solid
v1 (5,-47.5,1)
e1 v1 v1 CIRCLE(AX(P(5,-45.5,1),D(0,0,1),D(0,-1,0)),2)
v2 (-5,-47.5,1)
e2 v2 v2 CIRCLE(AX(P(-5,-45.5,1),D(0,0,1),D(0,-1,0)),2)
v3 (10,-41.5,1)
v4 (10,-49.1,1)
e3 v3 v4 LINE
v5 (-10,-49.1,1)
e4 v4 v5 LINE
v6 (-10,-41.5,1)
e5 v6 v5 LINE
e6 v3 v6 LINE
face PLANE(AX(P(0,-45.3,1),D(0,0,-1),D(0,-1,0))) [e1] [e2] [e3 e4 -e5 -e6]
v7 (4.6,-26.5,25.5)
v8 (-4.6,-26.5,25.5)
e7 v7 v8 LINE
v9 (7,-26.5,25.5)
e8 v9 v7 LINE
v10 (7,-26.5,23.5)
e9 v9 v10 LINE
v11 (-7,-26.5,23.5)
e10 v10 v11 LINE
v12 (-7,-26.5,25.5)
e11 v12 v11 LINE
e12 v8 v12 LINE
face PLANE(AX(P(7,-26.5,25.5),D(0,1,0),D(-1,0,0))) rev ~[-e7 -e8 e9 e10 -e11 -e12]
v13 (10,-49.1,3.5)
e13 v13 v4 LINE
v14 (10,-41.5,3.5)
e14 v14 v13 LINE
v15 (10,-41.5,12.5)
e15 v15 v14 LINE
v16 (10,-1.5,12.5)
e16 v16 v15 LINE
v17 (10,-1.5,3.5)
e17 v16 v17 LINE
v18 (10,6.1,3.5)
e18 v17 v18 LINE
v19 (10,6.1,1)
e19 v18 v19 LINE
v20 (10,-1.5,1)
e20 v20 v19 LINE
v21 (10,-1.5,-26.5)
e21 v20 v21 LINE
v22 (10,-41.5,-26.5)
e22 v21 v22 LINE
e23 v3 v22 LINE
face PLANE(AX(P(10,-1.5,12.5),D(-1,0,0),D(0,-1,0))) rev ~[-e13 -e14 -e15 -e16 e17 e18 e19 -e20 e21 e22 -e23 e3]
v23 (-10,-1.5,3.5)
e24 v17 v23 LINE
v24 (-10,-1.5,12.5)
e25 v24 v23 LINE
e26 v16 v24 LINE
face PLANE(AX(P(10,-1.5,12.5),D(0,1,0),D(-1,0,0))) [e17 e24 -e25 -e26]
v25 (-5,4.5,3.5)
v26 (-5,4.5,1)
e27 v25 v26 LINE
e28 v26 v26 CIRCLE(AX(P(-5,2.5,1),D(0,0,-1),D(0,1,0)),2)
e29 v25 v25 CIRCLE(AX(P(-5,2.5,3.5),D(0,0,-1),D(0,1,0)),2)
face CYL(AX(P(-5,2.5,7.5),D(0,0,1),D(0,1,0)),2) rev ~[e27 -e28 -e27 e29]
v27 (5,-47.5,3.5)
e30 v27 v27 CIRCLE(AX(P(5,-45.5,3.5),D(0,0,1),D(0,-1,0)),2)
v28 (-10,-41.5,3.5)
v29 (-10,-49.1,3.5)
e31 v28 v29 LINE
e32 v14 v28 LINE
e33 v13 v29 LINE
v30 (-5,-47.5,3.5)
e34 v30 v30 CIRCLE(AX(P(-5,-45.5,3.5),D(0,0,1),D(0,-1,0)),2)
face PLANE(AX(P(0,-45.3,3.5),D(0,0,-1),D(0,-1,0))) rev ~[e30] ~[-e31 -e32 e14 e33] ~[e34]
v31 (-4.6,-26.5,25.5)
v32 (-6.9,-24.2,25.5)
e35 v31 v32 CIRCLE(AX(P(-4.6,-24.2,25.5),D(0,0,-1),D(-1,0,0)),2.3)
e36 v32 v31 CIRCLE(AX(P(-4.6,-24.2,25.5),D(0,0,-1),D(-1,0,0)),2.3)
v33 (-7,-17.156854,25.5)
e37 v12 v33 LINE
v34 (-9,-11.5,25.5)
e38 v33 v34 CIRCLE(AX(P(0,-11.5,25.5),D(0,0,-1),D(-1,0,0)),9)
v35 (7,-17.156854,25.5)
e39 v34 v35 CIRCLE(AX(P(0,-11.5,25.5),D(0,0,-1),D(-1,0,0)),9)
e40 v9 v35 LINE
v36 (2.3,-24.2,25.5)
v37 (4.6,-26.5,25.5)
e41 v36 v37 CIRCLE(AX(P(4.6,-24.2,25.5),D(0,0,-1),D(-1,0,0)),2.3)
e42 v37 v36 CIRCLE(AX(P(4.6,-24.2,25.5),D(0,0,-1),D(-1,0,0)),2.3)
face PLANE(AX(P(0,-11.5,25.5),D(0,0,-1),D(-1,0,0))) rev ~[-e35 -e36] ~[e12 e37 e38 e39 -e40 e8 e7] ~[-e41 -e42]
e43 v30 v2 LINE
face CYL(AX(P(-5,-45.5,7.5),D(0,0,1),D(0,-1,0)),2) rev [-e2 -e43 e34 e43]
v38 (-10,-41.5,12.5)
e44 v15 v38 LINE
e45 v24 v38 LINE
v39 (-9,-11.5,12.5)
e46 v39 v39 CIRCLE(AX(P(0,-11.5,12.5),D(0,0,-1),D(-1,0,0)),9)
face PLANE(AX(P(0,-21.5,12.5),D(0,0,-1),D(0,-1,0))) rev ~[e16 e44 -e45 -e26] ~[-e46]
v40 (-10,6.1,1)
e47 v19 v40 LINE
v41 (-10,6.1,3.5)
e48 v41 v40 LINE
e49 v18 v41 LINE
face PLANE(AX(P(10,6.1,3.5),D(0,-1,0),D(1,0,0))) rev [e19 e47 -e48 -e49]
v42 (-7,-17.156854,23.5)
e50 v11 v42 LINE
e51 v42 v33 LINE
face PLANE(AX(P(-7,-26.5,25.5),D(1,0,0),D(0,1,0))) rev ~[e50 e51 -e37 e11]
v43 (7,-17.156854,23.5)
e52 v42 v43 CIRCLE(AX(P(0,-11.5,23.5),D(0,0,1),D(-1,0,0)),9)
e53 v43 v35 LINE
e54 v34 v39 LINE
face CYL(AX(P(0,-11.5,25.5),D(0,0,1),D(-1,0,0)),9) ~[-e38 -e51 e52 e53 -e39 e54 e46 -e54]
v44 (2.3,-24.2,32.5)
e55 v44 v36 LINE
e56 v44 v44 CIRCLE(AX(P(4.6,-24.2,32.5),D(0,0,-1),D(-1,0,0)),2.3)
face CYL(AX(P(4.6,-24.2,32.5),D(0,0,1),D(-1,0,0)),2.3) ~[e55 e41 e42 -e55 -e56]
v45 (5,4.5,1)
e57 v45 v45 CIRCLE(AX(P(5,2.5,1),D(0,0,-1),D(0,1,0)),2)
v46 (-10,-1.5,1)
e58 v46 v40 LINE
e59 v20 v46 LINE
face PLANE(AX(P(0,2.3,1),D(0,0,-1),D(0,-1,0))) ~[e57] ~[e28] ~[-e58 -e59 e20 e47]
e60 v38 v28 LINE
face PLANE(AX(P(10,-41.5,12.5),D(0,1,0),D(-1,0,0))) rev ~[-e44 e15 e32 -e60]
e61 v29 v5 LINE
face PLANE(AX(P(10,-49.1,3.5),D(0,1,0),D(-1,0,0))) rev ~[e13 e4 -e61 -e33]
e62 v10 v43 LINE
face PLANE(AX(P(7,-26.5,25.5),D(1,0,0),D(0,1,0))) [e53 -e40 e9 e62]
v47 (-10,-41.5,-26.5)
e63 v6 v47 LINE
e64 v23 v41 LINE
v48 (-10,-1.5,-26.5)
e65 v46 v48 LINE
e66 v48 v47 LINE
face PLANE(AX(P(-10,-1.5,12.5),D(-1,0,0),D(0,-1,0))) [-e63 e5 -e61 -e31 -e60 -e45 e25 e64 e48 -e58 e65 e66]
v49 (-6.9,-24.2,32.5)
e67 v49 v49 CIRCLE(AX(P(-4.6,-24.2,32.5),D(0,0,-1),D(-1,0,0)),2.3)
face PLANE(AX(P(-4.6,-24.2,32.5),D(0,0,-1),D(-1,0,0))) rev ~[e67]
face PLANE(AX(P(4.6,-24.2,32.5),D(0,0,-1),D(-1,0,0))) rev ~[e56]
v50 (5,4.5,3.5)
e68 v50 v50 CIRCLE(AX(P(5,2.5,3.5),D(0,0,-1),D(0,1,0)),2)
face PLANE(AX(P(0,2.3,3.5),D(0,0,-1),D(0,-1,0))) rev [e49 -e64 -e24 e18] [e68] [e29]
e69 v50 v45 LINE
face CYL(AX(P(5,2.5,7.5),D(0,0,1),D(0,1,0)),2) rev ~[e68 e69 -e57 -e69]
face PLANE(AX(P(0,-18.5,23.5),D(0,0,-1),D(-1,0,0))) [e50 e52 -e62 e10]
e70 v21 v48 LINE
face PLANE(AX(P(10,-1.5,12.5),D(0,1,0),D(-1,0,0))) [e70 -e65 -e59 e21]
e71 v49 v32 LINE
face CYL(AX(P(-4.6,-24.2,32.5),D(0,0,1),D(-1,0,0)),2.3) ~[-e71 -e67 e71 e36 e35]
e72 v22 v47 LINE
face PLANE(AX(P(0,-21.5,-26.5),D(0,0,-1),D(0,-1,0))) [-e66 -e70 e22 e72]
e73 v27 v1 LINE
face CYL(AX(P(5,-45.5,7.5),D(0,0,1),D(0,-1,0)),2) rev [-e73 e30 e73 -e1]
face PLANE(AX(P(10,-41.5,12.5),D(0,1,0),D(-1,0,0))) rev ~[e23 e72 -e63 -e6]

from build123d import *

# Parameters (mm, degrees)
CYLINDER001_R             = 2
CYLINDER001_DEPTH         = 10
CYLINDER_R                = 2
CYLINDER_DEPTH            = 10
BOX001_W                  = 7.6
BOX001_H                  = 20
BOX001_DEPTH              = 2.5
BOX_W                     = 40
BOX_H                     = 20
BOX_DEPTH                 = 39
BOX002_W                  = 14
BOX002_H                  = 16
BOX002_DEPTH              = 2
CYLINDER002_R             = 9
CYLINDER002_DEPTH         = 13
CYLINDER004_R             = 2.3
CYLINDER004_DEPTH         = 7
CYLINDER003_R             = 2.3
CYLINDER003_DEPTH         = 7
FUSION009_PLACEMENT_ANGLE = 90
BODY_ROLL_ANGLE           = 180
BODY_PLACEMENT_ANGLE      = -90


with BuildPart() as cylinder001:
    # Cylinder001 → Cylinder001 (new body)
    with BuildSketch(Plane(origin=(44, 15, 5), x_dir=(1, 0, 0), z_dir=(0, 0, 1))):
        Circle(CYLINDER001_R)
    extrude(amount=CYLINDER001_DEPTH)


with BuildPart() as fusion:
    # Cylinder → Cylinder (new body)
    with BuildSketch(Plane(origin=(44, 5, 5), x_dir=(1, 0, 0), z_dir=(0, 0, 1))):
        Circle(CYLINDER_R)
    extrude(amount=CYLINDER_DEPTH)

    # Fusion: union Cylinder001
    add(cylinder001.part)


with BuildPart() as cut:
    # Box001 → Box001 (new body)
    with BuildSketch(Plane(origin=(40, 0, 9), x_dir=(1, 0, 0), z_dir=(0, 0, 1))):
        with Locations((3.8, 10)):
            Rectangle(BOX001_W, BOX001_H)
    extrude(amount=BOX001_DEPTH)

    # Cut: cut Fusion
    add(fusion.part, mode=Mode.SUBTRACT)


with BuildPart() as cut_1:
    # Cut placement: moved
    add(cut.part.moved(Location((-10, -10, 0))))


with BuildPart() as part_mirroring:
    # Part__Mirroring: instance of Cut
    add(cut_1.part.mirror(Plane(origin=(0, 0, 0), x_dir=(0, -1, 0), z_dir=(1, 0, 0))))


with BuildPart() as part_mirroring_1:
    # Part__Mirroring placement: moved
    add(part_mirroring.part.moved(Location((20, 0, 0))))


with BuildPart() as fusion010:
    # Box → Box (new body)
    with BuildSketch(Plane(origin=(-10, -10, 0), x_dir=(1, 0, 0), z_dir=(0, 0, 1))):
        with Locations((20, 10)):
            Rectangle(BOX_W, BOX_H)
    extrude(amount=BOX_DEPTH)

    # Fusion010: union Part__Mirroring, Cut
    add(part_mirroring_1.part)
    add(cut_1.part)


with BuildPart() as cube002:
    # Box002 → Box002 (new body)
    with BuildSketch(Plane(origin=(-7, -15, 0), x_dir=(1, 0, 0), z_dir=(0, 0, 1))):
        with Locations((7, 8)):
            Rectangle(BOX002_W, BOX002_H)
    extrude(amount=BOX002_DEPTH)


with BuildPart() as shaft:
    # Cylinder002 → Cylinder002 (new body)
    with BuildSketch(Plane.XY):
        Circle(CYLINDER002_R)
    extrude(amount=CYLINDER002_DEPTH)


with BuildPart() as cylinder004:
    # Cylinder004 → Cylinder004 (new body)
    with BuildSketch(Plane(origin=(4.6, -12.7, -7), x_dir=(1, 0, 0), z_dir=(0, 0, 1))):
        Circle(CYLINDER004_R)
    extrude(amount=CYLINDER004_DEPTH)


with BuildPart() as servo:
    # Cylinder003 → Cylinder003 (new body)
    with BuildSketch(Plane(origin=(-4.6, -12.7, -7), x_dir=(1, 0, 0), z_dir=(0, 0, 1))):
        Circle(CYLINDER003_R)
    extrude(amount=CYLINDER003_DEPTH)

    # Fusion009: union Cube002, shaft, Cylinder004
    add(cube002.part)
    add(shaft.part)
    add(cylinder004.part)


with BuildPart() as servo_1:
    # Fusion009 placement: moved
    add(servo.part.moved(Location((0, 0, -13))).rotate(Axis((0, 0, -13), (0, 0, 1)), FUSION009_PLACEMENT_ANGLE))

    # Fusion011: union Fusion010
    add(fusion010.part)


with BuildPart() as servo_2:
    # Fusion011 placement: moved
    add(servo_1.part.moved(Location((10, 10, 0))))


with BuildPart() as servo_3:
    # Body roll: moved
    add(servo_2.part.rotate(Axis((0, 0, 0), (1, 0, 0)), BODY_ROLL_ANGLE))


with BuildPart() as servo_4:
    # Body placement: moved
    add(servo_3.part.moved(Location((10, -1.5, 12.5))).rotate(Axis((10, -1.5, 12.5), (0, 0, 1)), BODY_PLACEMENT_ANGLE))


solid = servo_4.part
